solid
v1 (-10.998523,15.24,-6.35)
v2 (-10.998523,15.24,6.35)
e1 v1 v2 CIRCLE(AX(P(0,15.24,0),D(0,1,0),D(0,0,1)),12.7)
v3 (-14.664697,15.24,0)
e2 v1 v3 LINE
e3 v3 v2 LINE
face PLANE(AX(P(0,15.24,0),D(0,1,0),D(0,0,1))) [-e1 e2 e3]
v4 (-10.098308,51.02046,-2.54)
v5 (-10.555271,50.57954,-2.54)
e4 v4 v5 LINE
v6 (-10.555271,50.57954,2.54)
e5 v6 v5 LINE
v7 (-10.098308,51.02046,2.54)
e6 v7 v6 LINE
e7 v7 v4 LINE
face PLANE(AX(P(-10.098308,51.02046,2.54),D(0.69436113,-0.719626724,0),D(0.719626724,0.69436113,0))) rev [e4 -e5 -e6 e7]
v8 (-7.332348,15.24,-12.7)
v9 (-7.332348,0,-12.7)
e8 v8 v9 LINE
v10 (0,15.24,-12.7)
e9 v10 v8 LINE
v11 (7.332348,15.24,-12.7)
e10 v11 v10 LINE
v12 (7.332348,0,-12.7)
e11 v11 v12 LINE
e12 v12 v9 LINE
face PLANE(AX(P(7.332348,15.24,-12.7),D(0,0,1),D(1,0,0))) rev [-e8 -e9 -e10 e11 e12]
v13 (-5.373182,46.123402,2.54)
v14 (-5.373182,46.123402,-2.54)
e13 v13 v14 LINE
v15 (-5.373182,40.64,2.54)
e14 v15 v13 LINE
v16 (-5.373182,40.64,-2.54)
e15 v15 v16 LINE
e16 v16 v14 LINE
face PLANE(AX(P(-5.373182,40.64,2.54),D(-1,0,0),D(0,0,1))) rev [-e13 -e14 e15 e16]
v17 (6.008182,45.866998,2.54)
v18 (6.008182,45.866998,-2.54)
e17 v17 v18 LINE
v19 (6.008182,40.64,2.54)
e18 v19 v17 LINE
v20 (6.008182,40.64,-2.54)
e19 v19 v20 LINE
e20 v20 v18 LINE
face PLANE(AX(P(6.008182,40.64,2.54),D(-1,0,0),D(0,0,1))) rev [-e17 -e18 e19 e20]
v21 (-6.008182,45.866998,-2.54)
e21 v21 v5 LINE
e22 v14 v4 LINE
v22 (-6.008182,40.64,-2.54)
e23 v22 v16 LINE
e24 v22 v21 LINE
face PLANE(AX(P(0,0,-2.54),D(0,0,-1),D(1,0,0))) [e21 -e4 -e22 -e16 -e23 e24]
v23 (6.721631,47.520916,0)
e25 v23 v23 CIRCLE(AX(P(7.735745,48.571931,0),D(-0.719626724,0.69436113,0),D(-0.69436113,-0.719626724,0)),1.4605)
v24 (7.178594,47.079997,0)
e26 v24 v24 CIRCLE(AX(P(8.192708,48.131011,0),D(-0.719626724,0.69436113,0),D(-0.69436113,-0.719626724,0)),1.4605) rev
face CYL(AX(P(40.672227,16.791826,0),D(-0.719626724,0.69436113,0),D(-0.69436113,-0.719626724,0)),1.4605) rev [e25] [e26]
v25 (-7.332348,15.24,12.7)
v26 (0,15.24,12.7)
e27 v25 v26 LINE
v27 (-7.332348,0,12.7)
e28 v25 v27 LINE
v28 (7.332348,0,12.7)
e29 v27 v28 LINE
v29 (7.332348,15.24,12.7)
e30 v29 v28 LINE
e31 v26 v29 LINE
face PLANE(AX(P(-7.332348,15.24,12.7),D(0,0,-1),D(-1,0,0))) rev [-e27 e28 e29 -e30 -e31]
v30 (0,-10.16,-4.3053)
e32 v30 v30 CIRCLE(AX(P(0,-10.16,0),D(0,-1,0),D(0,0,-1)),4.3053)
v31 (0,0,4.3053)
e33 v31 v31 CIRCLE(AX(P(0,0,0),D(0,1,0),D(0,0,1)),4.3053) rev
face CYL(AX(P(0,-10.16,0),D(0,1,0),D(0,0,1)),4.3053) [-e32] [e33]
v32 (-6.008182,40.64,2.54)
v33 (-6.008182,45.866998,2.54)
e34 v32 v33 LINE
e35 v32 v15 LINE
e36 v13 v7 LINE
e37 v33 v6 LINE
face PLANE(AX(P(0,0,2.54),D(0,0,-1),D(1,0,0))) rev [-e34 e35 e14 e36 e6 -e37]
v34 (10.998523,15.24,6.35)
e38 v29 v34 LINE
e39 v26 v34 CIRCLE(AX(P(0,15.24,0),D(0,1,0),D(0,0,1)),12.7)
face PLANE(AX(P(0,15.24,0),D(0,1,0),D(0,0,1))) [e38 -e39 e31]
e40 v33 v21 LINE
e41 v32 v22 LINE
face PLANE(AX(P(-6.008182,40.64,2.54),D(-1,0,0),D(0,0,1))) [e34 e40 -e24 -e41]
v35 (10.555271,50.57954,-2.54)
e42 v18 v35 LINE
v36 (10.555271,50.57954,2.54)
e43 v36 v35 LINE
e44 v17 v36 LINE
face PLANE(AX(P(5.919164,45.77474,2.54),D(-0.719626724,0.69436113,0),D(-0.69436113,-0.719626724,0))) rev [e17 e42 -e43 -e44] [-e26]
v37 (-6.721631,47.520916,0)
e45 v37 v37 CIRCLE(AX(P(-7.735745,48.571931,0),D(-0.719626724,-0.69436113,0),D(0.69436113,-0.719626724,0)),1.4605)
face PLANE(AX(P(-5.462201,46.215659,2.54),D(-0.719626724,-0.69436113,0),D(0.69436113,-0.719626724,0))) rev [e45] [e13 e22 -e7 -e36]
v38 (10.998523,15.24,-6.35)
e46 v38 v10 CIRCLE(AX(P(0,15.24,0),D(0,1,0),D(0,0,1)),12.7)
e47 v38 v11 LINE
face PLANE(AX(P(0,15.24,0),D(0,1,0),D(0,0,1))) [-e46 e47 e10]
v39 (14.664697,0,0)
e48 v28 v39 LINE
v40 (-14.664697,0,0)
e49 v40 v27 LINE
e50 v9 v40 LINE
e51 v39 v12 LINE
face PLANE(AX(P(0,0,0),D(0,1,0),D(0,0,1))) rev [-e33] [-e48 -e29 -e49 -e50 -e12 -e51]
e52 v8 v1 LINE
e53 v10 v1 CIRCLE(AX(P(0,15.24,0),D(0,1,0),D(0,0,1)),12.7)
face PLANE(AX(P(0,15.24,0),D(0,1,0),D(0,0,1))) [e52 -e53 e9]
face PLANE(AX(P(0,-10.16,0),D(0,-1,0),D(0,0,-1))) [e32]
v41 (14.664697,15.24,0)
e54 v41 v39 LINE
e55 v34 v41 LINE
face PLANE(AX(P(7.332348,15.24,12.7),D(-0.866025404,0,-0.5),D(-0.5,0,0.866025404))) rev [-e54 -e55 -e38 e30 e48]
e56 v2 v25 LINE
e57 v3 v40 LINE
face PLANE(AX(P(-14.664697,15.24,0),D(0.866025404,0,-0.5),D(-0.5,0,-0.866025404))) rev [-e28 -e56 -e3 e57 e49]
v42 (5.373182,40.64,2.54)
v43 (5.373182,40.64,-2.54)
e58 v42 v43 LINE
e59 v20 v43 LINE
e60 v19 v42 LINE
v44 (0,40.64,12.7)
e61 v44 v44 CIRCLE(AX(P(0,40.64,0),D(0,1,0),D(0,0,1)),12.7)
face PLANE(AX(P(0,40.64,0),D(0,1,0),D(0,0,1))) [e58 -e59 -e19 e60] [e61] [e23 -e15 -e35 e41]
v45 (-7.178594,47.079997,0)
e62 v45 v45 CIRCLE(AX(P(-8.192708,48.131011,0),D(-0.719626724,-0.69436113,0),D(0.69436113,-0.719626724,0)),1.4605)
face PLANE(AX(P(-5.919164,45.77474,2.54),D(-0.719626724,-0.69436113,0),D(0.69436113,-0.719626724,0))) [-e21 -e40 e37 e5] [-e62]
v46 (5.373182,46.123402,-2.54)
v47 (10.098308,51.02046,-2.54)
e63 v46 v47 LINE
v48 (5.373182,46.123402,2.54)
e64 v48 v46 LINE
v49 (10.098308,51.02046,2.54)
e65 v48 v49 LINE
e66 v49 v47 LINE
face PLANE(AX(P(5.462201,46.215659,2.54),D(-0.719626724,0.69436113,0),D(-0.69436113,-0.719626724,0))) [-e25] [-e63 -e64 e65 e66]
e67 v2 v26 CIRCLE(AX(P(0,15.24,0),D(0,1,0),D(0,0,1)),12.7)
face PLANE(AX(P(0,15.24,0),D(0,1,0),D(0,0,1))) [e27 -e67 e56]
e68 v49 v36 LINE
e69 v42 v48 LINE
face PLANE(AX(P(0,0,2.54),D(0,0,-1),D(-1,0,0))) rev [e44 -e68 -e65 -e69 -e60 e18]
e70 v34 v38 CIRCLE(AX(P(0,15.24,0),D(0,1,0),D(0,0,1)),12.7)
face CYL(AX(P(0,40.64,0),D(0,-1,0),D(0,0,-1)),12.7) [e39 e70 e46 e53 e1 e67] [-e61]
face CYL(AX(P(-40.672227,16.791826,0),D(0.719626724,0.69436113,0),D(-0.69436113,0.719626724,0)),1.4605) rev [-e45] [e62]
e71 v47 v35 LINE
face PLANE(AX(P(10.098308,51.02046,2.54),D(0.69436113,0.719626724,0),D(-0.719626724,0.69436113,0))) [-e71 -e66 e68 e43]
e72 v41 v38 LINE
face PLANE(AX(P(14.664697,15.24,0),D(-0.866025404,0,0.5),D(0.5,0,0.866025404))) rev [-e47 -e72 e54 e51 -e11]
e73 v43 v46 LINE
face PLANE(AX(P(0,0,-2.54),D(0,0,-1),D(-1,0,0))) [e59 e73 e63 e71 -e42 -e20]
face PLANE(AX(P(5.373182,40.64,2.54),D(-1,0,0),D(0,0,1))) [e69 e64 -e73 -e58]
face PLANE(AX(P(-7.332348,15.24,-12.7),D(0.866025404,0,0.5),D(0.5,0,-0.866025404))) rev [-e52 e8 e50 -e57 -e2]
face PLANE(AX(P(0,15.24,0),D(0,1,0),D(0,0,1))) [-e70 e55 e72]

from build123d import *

# Parameters (mm, degrees)
BOSS_EXTRUDE1_DEPTH = 15.24
SKETCH3_R           = 12.7
BOSS_EXTRUDE2_DEPTH = 25.4
SKETCH4_R           = 4.3053
BOSS_EXTRUDE3_DEPTH = 10.16
EXTRUDE_THIN1_DEPTH = 2.54
CUT_EXTRUDE1_REACH  = 50.698
SKETCH6_R           = 1.4605


with BuildPart() as part:
    # Sketch2 → Boss-Extrude1 (new body)
    with BuildSketch(Plane(origin=(0, 0, 0), x_dir=(1, 0, 0), z_dir=(0, 1, 0))):
        Polygon((7.332348419, 12.7), (-7.332348419, 12.7), (-14.664696837, 0), (-7.332348419, -12.7), (7.332348419, -12.7), (14.664696837, 0), align=None)
    extrude(amount=BOSS_EXTRUDE1_DEPTH)

    # Sketch3 → Boss-Extrude2 (add)
    with BuildSketch(Plane(origin=(0, 15.24, 0), x_dir=(1, 0, 0), z_dir=(0, 1, 0))):
        Circle(SKETCH3_R)
    extrude(amount=BOSS_EXTRUDE2_DEPTH)

    # Sketch4 → Boss-Extrude3 (add)
    with BuildSketch(Plane.XZ):
        Circle(SKETCH4_R)
    extrude(amount=BOSS_EXTRUDE3_DEPTH)

    # Sketch5 → Extrude-Thin1 (add, symmetric)
    with BuildSketch(Plane.XY):
        Polygon((6.008182396, 40.64), (6.008182396, 45.866997676), (10.555270964, 50.579540341), (10.098307994, 51.020459659), (5.373182396, 46.123401761), (5.373182396, 40.64), align=None)
    extrude_thin1 = extrude(amount=EXTRUDE_THIN1_DEPTH, both=True)

    # Sketch6 → Cut-Extrude1 (cut, up to next)
    with BuildSketch(Plane(origin=(-20.264409117, 19.552939797, 0), x_dir=(0, 0, 1), z_dir=(-0.7196267237821845, 0.6943611296857851, 0)), mode=Mode.PRIVATE) as cut_extrude1_sk1:
        with Locations((0, 40.325060137)):
            Circle(SKETCH6_R)
    cut_extrude1_tool1 = extrude(cut_extrude1_sk1.sketch, amount=-CUT_EXTRUDE1_REACH, mode=Mode.PRIVATE) & part.part
    cut_extrude1 = cut_extrude1_tool1.solids().sort_by_distance((7.735745, 48.571931, 0))[0]
    add(cut_extrude1, mode=Mode.SUBTRACT)

    # Mirror1: Extrude-Thin1, Cut-Extrude1 across plane
    add(extrude_thin1.mirror(Plane(origin=(0, 0, 0), x_dir=(0, 0, 1), z_dir=(1, 0, 0))))
    add(cut_extrude1.mirror(Plane(origin=(0, 0, 0), x_dir=(0, 0, 1), z_dir=(1, 0, 0))), mode=Mode.SUBTRACT)


solid = part.part
